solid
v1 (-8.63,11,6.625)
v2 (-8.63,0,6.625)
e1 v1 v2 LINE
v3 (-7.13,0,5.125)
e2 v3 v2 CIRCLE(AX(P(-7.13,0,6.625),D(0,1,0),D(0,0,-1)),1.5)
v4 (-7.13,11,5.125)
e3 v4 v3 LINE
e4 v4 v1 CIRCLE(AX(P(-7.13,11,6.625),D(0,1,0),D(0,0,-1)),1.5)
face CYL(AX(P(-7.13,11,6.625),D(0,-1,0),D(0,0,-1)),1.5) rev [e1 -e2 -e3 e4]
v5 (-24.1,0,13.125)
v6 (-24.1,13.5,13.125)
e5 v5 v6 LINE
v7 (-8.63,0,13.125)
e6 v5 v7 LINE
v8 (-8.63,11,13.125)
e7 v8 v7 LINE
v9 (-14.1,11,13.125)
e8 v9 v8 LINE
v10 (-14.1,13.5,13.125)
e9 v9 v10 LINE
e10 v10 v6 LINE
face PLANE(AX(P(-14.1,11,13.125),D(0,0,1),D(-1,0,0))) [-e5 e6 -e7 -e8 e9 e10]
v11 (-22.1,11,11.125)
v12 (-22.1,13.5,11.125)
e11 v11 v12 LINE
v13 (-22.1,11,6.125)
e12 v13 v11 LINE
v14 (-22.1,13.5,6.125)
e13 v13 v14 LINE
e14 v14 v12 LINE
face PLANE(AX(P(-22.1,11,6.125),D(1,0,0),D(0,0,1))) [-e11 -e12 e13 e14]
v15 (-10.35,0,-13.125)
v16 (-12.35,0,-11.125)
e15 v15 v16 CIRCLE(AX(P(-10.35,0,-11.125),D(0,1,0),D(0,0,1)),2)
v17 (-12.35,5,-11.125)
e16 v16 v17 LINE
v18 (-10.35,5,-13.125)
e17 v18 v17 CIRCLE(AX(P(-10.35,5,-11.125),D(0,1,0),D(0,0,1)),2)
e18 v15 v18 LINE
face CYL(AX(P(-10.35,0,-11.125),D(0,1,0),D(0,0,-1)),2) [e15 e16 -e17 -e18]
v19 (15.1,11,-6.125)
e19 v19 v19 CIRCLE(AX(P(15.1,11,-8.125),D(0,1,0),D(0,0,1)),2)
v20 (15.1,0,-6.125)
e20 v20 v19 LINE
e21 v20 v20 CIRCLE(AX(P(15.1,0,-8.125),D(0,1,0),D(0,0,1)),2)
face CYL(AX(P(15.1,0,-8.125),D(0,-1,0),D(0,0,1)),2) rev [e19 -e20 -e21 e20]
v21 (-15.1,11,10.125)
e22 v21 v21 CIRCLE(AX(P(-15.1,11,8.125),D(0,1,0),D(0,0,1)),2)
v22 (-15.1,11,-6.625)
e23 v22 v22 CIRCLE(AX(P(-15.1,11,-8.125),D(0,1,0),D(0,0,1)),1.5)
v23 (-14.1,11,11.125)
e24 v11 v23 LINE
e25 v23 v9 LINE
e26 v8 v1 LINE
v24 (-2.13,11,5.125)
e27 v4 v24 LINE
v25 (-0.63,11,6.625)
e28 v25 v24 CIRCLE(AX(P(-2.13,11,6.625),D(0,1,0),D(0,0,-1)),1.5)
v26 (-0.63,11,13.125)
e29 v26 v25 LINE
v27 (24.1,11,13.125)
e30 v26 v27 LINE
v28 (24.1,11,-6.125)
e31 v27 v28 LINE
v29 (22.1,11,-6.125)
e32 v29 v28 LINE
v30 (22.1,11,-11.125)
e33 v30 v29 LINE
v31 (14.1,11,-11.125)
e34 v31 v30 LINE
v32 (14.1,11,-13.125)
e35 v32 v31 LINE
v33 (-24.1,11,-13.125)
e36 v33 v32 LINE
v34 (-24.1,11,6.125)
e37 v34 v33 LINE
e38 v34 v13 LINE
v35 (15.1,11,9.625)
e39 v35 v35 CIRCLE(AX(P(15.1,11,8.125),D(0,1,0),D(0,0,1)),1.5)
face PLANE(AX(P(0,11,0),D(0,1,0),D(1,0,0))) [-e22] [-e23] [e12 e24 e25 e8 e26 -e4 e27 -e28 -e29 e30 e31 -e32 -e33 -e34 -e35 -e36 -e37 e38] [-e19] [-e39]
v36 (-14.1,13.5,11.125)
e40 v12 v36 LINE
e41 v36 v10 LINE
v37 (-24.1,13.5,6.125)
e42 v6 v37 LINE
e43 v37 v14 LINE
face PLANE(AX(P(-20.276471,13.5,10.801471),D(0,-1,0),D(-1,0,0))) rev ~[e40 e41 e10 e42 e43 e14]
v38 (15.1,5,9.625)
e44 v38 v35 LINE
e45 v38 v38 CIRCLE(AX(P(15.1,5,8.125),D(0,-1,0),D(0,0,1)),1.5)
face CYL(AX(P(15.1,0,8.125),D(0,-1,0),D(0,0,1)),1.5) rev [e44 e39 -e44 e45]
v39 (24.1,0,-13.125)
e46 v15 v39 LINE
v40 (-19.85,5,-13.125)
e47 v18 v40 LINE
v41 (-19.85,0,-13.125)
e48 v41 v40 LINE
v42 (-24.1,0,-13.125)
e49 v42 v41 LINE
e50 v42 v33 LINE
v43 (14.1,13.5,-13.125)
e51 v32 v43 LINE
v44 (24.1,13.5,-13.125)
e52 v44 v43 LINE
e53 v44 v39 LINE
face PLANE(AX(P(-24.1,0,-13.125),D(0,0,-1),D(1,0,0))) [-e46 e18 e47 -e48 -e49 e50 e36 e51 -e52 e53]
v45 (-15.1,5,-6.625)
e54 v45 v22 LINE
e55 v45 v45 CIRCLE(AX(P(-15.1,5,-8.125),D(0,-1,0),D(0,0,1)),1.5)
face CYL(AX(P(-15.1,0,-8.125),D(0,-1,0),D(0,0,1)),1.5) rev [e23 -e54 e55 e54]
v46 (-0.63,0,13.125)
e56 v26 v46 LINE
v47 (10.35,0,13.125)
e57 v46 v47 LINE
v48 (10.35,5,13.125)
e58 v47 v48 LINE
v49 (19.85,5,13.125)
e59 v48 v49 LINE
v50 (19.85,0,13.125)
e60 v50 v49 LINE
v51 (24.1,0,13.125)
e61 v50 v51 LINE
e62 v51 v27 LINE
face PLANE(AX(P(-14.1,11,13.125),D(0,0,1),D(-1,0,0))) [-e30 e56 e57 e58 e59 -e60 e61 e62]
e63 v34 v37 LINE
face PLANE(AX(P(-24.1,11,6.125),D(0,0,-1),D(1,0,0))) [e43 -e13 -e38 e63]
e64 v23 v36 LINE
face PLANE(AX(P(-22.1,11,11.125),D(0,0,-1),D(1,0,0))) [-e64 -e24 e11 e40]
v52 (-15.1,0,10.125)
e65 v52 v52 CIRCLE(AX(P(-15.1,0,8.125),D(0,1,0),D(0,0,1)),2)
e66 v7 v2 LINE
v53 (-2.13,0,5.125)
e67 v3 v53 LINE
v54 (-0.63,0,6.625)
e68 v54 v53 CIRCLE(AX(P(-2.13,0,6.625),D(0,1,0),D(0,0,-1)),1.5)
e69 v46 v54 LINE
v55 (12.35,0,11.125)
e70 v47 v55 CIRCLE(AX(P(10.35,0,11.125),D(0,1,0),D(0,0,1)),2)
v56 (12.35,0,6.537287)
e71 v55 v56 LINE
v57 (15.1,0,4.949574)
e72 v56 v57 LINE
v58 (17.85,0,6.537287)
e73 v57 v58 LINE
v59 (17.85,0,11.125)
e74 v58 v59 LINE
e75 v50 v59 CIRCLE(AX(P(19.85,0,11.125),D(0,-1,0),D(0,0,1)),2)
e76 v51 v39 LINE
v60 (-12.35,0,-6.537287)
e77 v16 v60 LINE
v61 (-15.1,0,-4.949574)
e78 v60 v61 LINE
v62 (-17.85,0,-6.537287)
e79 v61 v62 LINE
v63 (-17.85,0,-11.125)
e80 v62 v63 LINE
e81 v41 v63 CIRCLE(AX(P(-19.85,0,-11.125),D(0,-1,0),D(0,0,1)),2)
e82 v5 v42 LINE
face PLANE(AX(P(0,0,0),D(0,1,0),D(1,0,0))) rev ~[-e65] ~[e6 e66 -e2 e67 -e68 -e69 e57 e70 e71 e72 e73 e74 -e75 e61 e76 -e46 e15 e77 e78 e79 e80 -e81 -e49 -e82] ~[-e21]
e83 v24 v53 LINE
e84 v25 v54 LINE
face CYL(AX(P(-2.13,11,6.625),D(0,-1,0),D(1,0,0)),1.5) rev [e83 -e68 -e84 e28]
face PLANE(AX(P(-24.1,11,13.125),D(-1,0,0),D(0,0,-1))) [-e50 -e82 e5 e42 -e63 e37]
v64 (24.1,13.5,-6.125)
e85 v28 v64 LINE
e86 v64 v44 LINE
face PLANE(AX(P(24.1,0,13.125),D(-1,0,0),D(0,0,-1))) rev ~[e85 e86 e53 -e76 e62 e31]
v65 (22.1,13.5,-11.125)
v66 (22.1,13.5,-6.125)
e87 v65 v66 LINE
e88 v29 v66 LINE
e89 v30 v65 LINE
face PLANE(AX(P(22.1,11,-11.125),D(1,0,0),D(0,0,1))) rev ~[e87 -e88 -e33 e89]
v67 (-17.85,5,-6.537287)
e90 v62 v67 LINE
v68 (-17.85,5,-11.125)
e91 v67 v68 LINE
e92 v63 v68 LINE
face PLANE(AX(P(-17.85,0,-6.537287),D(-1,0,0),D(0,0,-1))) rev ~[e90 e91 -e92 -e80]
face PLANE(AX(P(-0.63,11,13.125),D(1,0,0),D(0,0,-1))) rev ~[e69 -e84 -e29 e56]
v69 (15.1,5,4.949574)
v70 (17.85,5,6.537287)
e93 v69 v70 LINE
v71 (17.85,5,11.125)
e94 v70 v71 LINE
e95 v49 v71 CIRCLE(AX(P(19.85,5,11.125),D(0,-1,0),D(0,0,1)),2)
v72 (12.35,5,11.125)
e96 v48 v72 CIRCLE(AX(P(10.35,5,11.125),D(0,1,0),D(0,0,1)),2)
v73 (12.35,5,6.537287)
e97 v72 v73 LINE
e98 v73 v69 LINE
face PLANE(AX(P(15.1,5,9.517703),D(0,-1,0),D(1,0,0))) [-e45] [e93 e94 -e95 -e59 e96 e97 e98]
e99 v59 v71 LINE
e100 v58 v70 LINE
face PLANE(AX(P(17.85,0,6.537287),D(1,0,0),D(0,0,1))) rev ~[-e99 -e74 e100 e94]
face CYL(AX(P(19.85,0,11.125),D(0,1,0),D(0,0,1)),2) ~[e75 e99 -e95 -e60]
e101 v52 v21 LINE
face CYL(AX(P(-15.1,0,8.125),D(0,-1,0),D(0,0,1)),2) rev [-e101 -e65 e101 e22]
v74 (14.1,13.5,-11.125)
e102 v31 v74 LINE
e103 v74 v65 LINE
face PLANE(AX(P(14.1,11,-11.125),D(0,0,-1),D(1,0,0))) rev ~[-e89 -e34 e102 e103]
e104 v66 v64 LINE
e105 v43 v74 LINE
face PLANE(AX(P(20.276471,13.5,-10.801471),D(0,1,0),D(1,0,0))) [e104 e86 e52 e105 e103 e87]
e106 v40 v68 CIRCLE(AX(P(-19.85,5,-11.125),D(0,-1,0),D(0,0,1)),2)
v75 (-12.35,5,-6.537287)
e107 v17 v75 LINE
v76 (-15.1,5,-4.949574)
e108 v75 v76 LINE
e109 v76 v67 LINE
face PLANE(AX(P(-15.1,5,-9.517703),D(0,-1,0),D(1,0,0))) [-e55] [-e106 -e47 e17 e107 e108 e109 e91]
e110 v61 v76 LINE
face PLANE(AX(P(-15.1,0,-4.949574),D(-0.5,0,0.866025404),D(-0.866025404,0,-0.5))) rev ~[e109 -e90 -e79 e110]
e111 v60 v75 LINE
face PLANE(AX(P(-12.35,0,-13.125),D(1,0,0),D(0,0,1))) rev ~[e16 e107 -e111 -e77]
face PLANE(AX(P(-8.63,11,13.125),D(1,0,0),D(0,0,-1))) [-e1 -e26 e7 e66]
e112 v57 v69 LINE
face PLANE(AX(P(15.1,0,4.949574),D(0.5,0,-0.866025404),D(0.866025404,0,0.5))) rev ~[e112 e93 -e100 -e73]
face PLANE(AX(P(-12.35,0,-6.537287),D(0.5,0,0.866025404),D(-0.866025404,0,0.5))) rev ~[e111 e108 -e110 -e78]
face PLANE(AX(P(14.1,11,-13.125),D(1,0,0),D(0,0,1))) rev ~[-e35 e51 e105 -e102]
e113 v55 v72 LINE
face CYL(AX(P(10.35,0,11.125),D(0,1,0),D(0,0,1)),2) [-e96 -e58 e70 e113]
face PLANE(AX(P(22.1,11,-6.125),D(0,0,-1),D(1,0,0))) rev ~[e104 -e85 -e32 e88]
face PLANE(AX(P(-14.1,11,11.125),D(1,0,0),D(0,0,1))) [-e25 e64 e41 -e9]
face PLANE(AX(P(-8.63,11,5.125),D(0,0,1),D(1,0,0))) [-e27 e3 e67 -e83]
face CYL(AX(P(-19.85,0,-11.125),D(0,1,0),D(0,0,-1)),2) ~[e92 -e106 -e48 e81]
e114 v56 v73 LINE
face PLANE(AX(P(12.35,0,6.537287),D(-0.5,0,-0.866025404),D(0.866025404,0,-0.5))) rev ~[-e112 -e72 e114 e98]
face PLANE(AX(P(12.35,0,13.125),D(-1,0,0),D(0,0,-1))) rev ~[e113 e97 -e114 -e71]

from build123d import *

# Parameters (mm, degrees)
SKETCH1_W           = 48.2
SKETCH1_H           = 26.25
SKETCH1_R           = 1.5
SKETCH1_R_2         = 2
BOSS_EXTRUDE1_DEPTH = 11
BOSS_EXTRUDE2_DEPTH = 2.5
SKETCH3_W           = 8
SKETCH3_H           = 8
CUT_EXTRUDE1_DEPTH  = 30.564769997
FILLET1_R           = 1.5
CUT_EXTRUDE2_DEPTH  = 5
FILLET2_R           = 2


with BuildPart() as part:
    # Sketch1 → Boss-Extrude1 (new body)
    with BuildSketch(Plane(origin=(0, 0, 0), x_dir=(1, 0, 0), z_dir=(0, 1, 0))):
        Rectangle(SKETCH1_W, SKETCH1_H)
        with Locations(Location((-15.1, 8.125, 0), (0, 0, 270))):
            Circle(SKETCH1_R, mode=Mode.SUBTRACT)
        with Locations(Location((15.1, -8.125, 0), (0, 0, 270))):
            Circle(SKETCH1_R, mode=Mode.SUBTRACT)
        with Locations(Location((-15.1, -8.125, 0), (0, 0, 270))):
            Circle(SKETCH1_R_2, mode=Mode.SUBTRACT)
        with Locations(Location((15.1, 8.125, 0), (0, 0, 270))):
            Circle(SKETCH1_R_2, mode=Mode.SUBTRACT)
    extrude(amount=BOSS_EXTRUDE1_DEPTH)

    # Sketch2 → Boss-Extrude2 (add)
    with BuildSketch(Plane(origin=(0, 11, 0), x_dir=(1, 0, 0), z_dir=(0, 1, 0))):
        Polygon((-24.1, -6.125), (-22.1, -6.125), (-22.1, -11.125), (-14.1, -11.125), (-14.1, -13.125), (-24.1, -13.125), align=None)
        Polygon((14.1, 13.125), (14.1, 11.125), (22.1, 11.125), (22.1, 6.125), (24.1, 6.125), (24.1, 13.125), align=None)
    extrude(amount=BOSS_EXTRUDE2_DEPTH)

    # Sketch3 → Cut-Extrude1 (cut, through all)
    with BuildSketch(Plane(origin=(0, 11, 0), x_dir=(1, 0, 0), z_dir=(0, 1, 0))):
        with Locations((-4.63, -9.125)):
            Rectangle(SKETCH3_W, SKETCH3_H)
    extrude(amount=-CUT_EXTRUDE1_DEPTH, mode=Mode.SUBTRACT)

    # Fillet1
    fillet1_edges = [part.edges().sort_by_distance(p)[0] for p in [
        (-8.63, 5.5, 5.125),
        (-0.63, 5.5, 5.125),
    ]]
    fillet(fillet1_edges, radius=FILLET1_R)

    # Sketch5 → Cut-Extrude2 (cut)
    with BuildSketch(Plane.XZ):
        Polygon((-17.85, -9.71271324), (-17.85, -13.125), (-12.35, -13.125), (-12.35, -9.71271324), (-12.35, -6.53728676), (-15.1, -4.949573519), (-17.85, -6.53728676), align=None)
        Polygon((15.1, 4.949573519), (17.85, 6.53728676), (17.85, 9.71271324), (17.85, 13.125), (12.35, 13.125), (12.35, 9.71271324), (12.35, 6.53728676), align=None)
    extrude(amount=-CUT_EXTRUDE2_DEPTH, mode=Mode.SUBTRACT)

    # Fillet2
    fillet2_edges = [part.edges().sort_by_distance(p)[0] for p in [
        (-12.35, 2.5, -13.125),
        (-17.85, 2.5, -13.125),
        (12.35, 2.5, 13.125),
        (17.85, 2.5, 13.125),
    ]]
    fillet(fillet2_edges, radius=FILLET2_R)


solid = part.part
